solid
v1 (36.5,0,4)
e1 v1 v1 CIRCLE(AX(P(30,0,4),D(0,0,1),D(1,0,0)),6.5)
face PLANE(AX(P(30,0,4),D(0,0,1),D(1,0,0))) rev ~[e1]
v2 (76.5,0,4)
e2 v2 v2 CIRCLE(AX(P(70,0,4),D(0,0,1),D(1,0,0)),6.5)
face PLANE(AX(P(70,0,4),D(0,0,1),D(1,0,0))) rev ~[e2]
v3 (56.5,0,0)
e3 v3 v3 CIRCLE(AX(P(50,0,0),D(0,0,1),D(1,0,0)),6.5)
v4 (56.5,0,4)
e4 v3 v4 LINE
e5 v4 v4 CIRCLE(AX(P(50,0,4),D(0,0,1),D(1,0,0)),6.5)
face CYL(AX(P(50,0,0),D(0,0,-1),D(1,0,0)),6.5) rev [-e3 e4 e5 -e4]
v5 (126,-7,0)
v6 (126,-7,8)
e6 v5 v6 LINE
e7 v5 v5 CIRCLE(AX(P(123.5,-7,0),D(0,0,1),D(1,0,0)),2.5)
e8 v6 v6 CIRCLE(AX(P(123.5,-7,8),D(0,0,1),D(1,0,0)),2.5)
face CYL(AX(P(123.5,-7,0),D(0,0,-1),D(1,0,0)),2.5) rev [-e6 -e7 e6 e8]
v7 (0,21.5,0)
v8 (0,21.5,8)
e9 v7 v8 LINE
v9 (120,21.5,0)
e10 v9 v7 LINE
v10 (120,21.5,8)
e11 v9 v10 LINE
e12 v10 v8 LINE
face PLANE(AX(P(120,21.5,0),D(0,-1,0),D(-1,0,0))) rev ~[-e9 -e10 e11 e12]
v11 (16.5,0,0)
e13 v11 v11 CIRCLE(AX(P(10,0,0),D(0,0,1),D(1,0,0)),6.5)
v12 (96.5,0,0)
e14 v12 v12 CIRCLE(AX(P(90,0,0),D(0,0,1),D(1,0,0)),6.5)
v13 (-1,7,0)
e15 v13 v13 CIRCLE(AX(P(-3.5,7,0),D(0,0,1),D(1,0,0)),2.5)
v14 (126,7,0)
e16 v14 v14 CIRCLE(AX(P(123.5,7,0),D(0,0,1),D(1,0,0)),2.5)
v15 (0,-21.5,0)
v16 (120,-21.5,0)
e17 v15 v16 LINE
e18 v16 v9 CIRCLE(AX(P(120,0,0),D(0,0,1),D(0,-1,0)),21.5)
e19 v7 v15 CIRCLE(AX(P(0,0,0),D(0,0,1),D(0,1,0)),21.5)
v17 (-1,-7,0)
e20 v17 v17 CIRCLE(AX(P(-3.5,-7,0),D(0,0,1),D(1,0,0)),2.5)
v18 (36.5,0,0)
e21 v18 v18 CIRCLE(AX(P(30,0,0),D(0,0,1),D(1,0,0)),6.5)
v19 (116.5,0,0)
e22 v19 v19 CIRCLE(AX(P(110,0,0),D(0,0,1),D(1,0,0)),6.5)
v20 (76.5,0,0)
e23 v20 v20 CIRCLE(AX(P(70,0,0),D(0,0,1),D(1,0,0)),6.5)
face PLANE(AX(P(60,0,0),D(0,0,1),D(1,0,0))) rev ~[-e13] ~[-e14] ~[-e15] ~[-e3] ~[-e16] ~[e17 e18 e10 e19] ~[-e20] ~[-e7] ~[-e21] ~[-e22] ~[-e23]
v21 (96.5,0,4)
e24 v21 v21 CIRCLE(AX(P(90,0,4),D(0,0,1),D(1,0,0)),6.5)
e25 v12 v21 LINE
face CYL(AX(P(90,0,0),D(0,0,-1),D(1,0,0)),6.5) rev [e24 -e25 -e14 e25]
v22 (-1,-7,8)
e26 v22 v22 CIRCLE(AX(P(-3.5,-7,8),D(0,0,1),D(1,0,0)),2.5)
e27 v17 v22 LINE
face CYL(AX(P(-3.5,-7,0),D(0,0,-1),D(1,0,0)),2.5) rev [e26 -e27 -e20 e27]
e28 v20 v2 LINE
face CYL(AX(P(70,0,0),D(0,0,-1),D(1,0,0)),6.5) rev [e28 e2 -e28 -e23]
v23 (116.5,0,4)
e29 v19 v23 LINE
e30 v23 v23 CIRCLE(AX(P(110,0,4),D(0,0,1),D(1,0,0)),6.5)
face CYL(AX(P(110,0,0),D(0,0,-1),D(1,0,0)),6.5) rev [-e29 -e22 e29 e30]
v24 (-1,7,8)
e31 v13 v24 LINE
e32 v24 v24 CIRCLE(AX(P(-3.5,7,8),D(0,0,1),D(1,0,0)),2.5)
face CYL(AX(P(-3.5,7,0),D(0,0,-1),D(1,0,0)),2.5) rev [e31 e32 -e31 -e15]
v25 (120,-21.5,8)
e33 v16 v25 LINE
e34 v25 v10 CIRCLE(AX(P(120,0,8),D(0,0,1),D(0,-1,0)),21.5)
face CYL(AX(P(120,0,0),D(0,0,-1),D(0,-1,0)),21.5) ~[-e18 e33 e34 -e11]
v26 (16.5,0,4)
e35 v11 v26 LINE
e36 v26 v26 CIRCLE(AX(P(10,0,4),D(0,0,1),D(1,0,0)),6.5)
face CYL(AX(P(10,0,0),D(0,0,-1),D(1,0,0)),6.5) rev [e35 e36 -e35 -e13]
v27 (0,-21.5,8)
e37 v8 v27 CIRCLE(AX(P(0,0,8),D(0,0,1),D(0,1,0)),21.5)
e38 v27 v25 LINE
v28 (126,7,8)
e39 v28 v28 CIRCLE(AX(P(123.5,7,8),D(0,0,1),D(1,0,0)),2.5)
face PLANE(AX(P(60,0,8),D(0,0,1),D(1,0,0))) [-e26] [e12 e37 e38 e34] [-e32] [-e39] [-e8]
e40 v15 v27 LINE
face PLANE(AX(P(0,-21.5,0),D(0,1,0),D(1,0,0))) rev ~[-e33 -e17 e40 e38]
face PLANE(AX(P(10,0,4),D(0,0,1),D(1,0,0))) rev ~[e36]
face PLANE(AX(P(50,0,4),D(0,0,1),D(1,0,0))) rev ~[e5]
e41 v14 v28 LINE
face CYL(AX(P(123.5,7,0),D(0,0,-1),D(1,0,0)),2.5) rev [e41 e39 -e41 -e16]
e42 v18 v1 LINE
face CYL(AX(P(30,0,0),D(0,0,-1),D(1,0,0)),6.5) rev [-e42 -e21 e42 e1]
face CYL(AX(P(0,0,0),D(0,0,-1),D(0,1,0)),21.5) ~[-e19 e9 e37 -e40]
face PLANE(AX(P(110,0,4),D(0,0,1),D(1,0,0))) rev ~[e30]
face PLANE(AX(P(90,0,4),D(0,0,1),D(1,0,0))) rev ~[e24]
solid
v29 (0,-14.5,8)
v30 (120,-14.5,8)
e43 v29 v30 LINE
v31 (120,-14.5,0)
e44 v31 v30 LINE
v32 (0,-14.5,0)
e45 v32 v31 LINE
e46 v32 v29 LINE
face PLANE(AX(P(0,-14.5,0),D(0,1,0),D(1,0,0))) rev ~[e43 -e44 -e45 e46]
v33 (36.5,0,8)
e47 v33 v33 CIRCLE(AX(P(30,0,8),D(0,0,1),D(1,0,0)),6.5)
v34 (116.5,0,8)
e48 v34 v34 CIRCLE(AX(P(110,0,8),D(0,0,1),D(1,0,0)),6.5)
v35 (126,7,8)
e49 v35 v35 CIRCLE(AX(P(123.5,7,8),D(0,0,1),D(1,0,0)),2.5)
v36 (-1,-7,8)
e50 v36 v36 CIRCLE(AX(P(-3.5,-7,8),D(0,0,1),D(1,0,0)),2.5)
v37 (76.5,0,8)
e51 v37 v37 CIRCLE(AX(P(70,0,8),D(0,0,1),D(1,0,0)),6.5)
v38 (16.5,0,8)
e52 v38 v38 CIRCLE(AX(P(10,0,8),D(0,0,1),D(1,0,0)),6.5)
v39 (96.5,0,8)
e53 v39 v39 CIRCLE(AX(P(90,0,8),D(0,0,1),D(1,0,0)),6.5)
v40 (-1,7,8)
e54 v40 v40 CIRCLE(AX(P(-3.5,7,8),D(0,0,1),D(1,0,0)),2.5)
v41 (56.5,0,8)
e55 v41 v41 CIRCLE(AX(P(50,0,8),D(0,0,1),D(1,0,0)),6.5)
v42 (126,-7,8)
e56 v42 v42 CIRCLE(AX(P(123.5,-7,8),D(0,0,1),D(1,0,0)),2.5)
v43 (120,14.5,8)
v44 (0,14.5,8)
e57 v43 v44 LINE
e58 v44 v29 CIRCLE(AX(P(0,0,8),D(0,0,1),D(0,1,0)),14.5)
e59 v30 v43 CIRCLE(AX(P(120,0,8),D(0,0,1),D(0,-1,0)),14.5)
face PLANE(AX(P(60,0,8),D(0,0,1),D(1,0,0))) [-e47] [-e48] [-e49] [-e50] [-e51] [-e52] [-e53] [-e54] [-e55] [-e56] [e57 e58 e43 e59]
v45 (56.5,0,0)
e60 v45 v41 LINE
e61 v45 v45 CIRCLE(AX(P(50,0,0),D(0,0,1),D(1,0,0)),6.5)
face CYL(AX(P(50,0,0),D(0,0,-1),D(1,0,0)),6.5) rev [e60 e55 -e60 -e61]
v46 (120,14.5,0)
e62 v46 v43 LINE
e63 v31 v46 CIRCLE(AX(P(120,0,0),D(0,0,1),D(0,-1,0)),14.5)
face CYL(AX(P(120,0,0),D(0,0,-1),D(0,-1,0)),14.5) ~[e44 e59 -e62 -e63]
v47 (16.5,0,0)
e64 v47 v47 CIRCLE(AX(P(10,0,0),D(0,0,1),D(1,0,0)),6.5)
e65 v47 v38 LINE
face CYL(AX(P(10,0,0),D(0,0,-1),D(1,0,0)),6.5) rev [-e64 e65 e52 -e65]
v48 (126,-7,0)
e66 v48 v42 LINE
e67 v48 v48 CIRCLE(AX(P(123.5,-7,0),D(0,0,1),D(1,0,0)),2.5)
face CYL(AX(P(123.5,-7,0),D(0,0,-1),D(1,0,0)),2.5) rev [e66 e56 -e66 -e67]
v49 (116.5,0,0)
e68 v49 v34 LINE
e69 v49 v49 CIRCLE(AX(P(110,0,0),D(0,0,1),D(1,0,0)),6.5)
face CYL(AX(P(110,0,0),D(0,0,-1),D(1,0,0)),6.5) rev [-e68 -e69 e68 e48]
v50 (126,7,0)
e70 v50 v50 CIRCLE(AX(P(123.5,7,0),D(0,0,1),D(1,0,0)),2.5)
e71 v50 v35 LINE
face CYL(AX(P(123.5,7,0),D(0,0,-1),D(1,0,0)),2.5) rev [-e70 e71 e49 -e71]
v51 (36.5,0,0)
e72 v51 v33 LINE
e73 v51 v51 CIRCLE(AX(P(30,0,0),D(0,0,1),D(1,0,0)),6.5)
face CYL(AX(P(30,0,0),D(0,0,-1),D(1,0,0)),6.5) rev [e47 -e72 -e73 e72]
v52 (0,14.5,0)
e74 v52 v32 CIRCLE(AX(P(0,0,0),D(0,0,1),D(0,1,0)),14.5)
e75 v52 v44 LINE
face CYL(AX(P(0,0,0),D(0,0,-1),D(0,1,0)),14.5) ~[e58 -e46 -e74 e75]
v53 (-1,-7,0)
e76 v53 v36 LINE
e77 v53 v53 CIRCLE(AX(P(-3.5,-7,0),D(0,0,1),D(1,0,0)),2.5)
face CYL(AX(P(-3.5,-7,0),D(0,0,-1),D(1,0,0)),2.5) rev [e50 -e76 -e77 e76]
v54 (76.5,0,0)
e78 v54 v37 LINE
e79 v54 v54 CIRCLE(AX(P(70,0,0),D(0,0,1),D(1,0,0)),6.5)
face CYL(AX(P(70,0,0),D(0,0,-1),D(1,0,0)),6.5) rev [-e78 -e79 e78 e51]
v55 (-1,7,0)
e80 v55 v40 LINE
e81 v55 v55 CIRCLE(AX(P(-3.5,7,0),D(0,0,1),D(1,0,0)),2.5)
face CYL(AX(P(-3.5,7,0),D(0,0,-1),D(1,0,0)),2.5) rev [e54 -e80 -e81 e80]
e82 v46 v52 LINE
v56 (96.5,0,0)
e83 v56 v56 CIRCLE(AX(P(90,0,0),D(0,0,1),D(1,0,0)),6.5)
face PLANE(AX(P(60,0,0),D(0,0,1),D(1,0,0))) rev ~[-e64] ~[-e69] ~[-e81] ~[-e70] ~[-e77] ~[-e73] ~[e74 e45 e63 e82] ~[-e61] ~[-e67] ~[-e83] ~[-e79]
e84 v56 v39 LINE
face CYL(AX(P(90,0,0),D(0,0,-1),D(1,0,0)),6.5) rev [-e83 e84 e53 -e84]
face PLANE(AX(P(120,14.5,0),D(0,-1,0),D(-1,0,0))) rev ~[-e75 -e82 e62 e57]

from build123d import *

# Parameters (mm, degrees)
F0_R     = 2.5
F0_R_2   = 6.5
F1_DEPTH = 8
F3_DEPTH = 8
F4_DEPTH = 8
F5_DEPTH = 4


with BuildPart() as f1:
    # F0 (on Top) → F1 (new body)
    with BuildSketch(Plane.XY):
        with BuildLine():
            Line((120, 14.5), (0, 14.5))
            ThreePointArc((0, 14.5), (-14.5, 0), (0, -14.5))
            Line((0, -14.5), (120, -14.5))
            ThreePointArc((120, -14.5), (134.5, 0), (120, 14.5))
        make_face()
        with Locations((-3.5, -7)):
            Circle(F0_R, mode=Mode.SUBTRACT)
        with Locations((123.5, -7)):
            Circle(F0_R, mode=Mode.SUBTRACT)
        with Locations((10, 0)):
            Circle(F0_R_2, mode=Mode.SUBTRACT)
        with Locations((-3.5, 7)):
            Circle(F0_R, mode=Mode.SUBTRACT)
        with Locations((30, 0)):
            Circle(F0_R_2, mode=Mode.SUBTRACT)
        with Locations((50, 0)):
            Circle(F0_R_2, mode=Mode.SUBTRACT)
        with Locations((70, 0)):
            Circle(F0_R_2, mode=Mode.SUBTRACT)
        with Locations((90, 0)):
            Circle(F0_R_2, mode=Mode.SUBTRACT)
        with Locations((110, 0)):
            Circle(F0_R_2, mode=Mode.SUBTRACT)
        with Locations((123.5, 7)):
            Circle(F0_R, mode=Mode.SUBTRACT)
    extrude(amount=F1_DEPTH)


with BuildPart() as f3:
    # F2 (on Top) → F3 (new body)
    with BuildSketch(Plane.XY):
        with BuildLine():
            Line((120, 21.5), (0, 21.5))
            ThreePointArc((0, 21.5), (-21.5, 0), (0, -21.5))
            Line((0, -21.5), (120, -21.5))
            ThreePointArc((120, -21.5), (141.5, 0), (120, 21.5))
        make_face()
    extrude(amount=F3_DEPTH)

    # F0 (on Top) → F4 (cut, through all)
    with BuildSketch(Plane.XY):
        with Locations((-3.5, -7)):
            Circle(F0_R)
        with Locations((-3.5, 7)):
            Circle(F0_R)
        with Locations((123.5, 7)):
            Circle(F0_R)
        with Locations((123.5, -7)):
            Circle(F0_R)
    extrude(amount=F4_DEPTH, mode=Mode.SUBTRACT)

    # F0 (on Top) → F5 (cut)
    with BuildSketch(Plane.XY):
        with Locations((10, 0)):
            Circle(F0_R_2)
        with Locations((30, 0)):
            Circle(F0_R_2)
        with Locations((50, 0)):
            Circle(F0_R_2)
        with Locations((70, 0)):
            Circle(F0_R_2)
        with Locations((90, 0)):
            Circle(F0_R_2)
        with Locations((110, 0)):
            Circle(F0_R_2)
    extrude(amount=F5_DEPTH, mode=Mode.SUBTRACT)


solid = Compound([f1.part, f3.part])
